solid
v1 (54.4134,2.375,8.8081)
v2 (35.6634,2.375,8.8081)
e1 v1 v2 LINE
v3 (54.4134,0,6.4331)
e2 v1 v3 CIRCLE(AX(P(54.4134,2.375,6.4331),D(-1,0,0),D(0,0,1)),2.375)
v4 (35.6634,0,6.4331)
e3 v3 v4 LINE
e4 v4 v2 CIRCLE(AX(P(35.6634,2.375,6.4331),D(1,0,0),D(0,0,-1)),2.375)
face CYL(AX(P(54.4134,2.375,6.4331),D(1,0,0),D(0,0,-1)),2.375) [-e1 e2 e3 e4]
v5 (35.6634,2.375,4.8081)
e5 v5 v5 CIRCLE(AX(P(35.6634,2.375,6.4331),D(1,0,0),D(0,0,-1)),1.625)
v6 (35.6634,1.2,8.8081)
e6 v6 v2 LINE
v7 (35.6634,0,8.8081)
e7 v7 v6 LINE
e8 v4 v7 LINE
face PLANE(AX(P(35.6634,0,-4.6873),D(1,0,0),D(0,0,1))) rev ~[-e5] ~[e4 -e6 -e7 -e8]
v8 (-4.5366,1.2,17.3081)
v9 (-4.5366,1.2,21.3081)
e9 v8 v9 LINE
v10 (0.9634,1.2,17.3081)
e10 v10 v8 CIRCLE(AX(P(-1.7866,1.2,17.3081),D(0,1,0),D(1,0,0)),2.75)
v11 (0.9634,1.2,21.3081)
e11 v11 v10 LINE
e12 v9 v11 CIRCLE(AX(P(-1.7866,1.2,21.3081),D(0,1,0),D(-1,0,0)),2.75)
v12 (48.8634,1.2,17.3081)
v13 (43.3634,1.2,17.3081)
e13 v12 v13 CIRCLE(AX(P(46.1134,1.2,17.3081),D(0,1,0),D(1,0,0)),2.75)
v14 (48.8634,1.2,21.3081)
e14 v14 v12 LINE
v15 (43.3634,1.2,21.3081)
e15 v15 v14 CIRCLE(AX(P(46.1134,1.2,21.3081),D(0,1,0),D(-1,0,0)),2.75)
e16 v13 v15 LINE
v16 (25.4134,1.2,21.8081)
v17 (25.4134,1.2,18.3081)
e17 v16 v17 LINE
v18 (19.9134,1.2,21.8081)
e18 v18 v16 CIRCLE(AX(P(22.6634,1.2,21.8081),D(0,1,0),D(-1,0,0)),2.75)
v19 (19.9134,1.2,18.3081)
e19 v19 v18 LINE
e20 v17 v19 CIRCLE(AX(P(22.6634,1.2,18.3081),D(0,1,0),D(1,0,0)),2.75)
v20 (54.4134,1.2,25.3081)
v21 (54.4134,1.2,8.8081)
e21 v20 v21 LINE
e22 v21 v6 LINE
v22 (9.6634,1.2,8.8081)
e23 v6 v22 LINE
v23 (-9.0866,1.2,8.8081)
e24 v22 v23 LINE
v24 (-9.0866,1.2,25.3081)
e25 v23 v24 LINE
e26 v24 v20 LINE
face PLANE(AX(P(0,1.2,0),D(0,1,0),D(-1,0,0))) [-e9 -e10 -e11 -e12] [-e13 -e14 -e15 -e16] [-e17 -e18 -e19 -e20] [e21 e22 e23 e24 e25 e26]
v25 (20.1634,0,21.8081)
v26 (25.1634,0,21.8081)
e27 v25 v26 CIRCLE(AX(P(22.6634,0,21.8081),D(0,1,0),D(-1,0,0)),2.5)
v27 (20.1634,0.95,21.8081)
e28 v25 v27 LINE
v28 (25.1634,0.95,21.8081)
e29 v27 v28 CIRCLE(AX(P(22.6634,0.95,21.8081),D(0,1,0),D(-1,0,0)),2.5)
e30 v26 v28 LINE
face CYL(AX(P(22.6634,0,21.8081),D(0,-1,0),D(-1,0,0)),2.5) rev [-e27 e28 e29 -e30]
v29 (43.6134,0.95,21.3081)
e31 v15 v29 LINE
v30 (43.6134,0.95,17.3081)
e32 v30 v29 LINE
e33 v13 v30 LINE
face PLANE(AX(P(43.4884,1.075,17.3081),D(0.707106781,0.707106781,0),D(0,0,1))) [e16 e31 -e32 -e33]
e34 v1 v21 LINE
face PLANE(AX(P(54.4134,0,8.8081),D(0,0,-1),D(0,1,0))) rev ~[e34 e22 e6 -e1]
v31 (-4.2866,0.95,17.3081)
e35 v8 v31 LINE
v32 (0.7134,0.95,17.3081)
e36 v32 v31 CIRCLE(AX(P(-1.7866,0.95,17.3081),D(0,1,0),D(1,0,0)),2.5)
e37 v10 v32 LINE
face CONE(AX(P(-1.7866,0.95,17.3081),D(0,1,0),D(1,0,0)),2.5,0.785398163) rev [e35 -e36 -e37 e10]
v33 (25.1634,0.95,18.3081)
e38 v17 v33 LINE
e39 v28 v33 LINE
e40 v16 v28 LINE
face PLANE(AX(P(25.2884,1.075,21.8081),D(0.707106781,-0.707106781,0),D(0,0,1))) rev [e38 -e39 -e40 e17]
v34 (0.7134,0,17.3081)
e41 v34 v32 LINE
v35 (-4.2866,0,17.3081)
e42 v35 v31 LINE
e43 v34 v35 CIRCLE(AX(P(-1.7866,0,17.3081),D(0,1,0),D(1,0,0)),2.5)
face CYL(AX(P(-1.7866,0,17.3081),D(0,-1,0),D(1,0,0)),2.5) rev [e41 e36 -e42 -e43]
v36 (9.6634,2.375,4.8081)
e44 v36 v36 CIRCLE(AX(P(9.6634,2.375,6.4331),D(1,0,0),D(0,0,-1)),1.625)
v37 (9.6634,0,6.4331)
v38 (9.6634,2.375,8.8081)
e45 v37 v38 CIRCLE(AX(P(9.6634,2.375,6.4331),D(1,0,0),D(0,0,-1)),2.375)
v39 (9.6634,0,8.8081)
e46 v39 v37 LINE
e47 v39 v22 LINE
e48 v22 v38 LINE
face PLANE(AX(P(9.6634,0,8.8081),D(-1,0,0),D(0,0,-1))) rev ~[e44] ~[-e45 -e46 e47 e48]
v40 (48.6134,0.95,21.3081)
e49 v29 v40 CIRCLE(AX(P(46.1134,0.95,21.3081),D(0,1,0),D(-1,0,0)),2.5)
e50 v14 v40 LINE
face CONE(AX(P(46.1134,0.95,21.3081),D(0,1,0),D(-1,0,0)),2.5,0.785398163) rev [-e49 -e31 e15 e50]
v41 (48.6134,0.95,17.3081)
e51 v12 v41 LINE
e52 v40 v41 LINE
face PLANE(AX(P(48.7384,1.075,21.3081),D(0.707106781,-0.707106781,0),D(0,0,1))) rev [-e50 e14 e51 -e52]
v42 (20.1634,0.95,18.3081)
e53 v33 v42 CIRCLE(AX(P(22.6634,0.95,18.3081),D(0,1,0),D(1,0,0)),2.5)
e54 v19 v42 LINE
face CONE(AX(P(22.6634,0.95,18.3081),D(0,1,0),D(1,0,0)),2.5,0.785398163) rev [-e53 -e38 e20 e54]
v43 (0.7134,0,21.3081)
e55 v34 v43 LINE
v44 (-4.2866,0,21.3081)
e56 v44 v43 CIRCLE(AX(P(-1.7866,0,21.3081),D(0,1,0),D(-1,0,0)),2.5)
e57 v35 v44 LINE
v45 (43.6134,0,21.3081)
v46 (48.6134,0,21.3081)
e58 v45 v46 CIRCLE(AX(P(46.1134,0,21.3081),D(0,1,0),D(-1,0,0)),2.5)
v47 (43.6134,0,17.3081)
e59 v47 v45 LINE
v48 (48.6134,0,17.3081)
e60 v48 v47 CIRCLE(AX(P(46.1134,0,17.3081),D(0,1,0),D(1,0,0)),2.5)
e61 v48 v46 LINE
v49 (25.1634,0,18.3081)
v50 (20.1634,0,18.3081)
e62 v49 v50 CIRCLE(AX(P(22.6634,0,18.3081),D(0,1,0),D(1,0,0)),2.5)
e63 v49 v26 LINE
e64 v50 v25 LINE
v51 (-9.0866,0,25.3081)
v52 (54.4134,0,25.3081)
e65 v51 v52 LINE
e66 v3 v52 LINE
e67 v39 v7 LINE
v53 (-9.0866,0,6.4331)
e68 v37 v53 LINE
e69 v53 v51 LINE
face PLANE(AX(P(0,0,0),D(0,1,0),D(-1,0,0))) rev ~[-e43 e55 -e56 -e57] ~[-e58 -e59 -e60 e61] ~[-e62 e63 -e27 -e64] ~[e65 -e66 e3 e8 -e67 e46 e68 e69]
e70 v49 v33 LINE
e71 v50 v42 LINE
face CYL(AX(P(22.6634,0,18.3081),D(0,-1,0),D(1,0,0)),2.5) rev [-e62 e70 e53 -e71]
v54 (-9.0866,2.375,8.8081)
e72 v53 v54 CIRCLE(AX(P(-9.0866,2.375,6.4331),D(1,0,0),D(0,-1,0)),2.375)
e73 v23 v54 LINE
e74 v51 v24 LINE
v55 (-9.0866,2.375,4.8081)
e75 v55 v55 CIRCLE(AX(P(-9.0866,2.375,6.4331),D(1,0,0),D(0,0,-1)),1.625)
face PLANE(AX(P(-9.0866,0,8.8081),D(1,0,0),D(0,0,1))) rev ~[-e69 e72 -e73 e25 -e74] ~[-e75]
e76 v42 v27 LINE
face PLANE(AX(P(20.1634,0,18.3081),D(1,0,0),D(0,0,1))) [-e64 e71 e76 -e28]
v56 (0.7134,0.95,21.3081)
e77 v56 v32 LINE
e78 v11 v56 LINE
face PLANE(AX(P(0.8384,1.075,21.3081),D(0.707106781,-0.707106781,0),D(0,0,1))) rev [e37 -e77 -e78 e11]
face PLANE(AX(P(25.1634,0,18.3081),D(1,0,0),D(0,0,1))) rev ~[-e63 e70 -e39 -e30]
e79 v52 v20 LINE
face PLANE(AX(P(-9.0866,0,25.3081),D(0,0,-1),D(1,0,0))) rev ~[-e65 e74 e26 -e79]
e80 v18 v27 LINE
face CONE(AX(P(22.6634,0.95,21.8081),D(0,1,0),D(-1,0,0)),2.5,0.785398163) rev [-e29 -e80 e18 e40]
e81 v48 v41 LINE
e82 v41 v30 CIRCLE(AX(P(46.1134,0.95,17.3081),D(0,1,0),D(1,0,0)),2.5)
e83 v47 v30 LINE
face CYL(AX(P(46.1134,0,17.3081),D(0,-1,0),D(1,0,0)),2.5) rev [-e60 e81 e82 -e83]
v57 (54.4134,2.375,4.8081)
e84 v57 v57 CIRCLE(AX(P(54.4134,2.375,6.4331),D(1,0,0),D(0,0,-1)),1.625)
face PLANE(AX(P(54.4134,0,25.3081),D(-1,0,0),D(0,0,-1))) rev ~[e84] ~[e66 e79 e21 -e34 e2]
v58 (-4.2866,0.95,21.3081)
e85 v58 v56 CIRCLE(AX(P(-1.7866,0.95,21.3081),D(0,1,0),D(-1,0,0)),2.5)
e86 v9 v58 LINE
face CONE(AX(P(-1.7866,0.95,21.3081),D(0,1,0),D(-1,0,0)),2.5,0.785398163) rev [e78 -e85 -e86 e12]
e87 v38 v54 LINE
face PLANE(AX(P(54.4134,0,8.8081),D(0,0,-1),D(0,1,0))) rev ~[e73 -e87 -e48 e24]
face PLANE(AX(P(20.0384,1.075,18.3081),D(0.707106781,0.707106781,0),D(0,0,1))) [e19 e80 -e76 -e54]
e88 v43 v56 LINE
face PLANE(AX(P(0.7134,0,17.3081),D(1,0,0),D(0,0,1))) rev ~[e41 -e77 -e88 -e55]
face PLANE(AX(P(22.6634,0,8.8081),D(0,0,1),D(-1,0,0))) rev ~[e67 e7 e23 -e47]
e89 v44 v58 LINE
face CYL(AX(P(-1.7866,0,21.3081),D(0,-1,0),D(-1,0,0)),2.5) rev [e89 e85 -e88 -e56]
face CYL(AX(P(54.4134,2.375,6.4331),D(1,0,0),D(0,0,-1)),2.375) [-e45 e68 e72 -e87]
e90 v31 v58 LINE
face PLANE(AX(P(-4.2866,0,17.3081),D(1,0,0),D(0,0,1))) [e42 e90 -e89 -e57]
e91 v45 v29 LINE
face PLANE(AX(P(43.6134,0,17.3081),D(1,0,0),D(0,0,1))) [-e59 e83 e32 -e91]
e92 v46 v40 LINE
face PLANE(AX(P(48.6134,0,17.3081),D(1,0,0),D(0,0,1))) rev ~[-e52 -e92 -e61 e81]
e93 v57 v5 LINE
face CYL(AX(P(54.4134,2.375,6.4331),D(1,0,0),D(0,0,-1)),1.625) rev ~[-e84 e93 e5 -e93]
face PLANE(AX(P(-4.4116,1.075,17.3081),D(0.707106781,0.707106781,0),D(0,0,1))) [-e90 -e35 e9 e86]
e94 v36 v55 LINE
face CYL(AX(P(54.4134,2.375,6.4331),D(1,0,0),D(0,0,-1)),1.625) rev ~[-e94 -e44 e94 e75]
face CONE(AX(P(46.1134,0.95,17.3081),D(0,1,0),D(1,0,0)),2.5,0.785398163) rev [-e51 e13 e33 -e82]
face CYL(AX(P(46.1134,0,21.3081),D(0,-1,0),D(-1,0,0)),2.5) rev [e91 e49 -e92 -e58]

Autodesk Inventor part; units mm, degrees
ref_plane "YZ Plane" through (0, 0, 0) normal (1, 0, 0) x (0, 1, 0)
ref_plane "XZ Plane" through (0, 0, 0) normal (0, 1, 0) x (-1, 0, 0)
ref_plane "XY Plane" through (0, 0, 0) normal (0, 0, 1) x (1, 0, 0)
sketch "Boceto1" plane through (0, 0, 0) normal (0, 1, 0) x (-1, 0, 0)
  line L0 (9.0866, 25.3081) -> (-54.4134, 25.3081)
  line L1 (-54.4134, 25.3081) -> (-54.4134, 8.8081)
  line L2 (-54.4134, 8.8081) -> (9.0866, 8.8081)
  line L3 (9.0866, 8.8081) -> (9.0866, 25.3081)
  arc A0 (-0.7134, 17.3081) -> (4.2866, 17.3081) centre (1.7866, 17.3081) ccw
  arc A1 (-25.1634, 18.3081) -> (-20.1634, 18.3081) centre (-22.6634, 18.3081) ccw
  arc A2 (-48.6134, 17.3081) -> (-43.6134, 17.3081) centre (-46.1134, 17.3081) ccw
  line L4 (4.2866, 17.3081) -> (4.2866, 21.3081)
  line L5 (-0.7134, 17.3081) -> (-0.7134, 21.3081)
  arc A3 (4.2866, 21.3081) -> (-0.7134, 21.3081) centre (1.7866, 21.3081) ccw
  line L6 (-43.6134, 17.3081) -> (-43.6134, 21.3081)
  line L7 (-48.6134, 17.3081) -> (-48.6134, 21.3081)
  arc A4 (-43.6134, 21.3081) -> (-48.6134, 21.3081) centre (-46.1134, 21.3081) ccw
  line L8 (-20.1634, 18.3081) -> (-20.1634, 21.8081)
  line L9 (-25.1634, 18.3081) -> (-25.1634, 21.8081)
  arc A5 (-20.1634, 21.8081) -> (-25.1634, 21.8081) centre (-22.6634, 21.8081) ccw
  point P0 (0, 0)
  dimension "d1" = 16.5
  dimension "d2" = 5
  dimension "d3" = 5
  dimension "d4" = 5
  dimension "d10" = 7
  dimension "d11" = 31.75
  dimension "d12" = 8
  dimension "d13" = 8.3
  dimension "d14" = 63.5
  dimension "d15" = 8
  dimension "d16" = 7.3
  dimension "d30" = 4
  dimension "d31" = 4
  dimension "d32" = 4
  dimension "d33" = 4
  dimension "d34" = 3.5
  dimension "d35" = 3.5
extrude "Extrusión1" add sketch "Boceto1" along normal blind 1.2
sketch "Boceto2" plane through (54.4134, 0, 25.3081) normal (1, 0, 0) x (0, 0, -1)
  circle A0 centre (18.875, 2.375) radius 2.375
  circle A1 centre (18.875, 2.375) radius 1.625
  line L0 (16.5, 0) -> (16.5, 1.2) projected
  line L1 (0, 0) -> (16.5, 0) projected
  line L2 (16.5, 0) -> (16.5, 1.2) projected
  line L3 (16.5, 1.2) -> (16.5, 2.375)
  line L4 (16.5, 1.2) -> (16.5, 0)
  line L5 (16.5, 0) -> (18.875, 0)
  point P0 (25.3081, 0)
  dimension "d19" = 4.75
  dimension "d20" = 3.25
extrude "Extrusión2" add sketch "Boceto2" against normal blind 63.5
sketch "Boceto3" plane through (0, 0, 0) normal (0, -1, 0) x (1, 0, 0)
  line L0 (54.4134, 8.8081) -> (-9.0866, 8.8081) projected
  line L1 (-9.0866, 8.8081) -> (54.4134, 8.8081)
  line L2 (22.6634, 8.8081) -> (35.6634, 8.8081)
  line L3 (35.6634, 8.8081) -> (9.6634, 8.8081)
  line L4 (9.6634, 8.8081) -> (9.6634, -4.6873)
  line L5 (9.6634, -4.6873) -> (35.6634, -4.6873)
  line L6 (35.6634, -4.6873) -> (35.6634, 8.8081)
  point P0 (0, 0)
  dimension "d23" = 13
  dimension "d24" = 26
extrude "Extrusión3" cut sketch "Boceto3" against normal blind 63.5
chamfer "Chaflán1" distance 0.25 angle 45 3 edges at (22.6634, 1.2, 15.8081) (-1.7866, 1.2, 14.8081) (46.1134, 1.2, 14.8081)
properties part number "Ala 1 Bisagra tipo T"
